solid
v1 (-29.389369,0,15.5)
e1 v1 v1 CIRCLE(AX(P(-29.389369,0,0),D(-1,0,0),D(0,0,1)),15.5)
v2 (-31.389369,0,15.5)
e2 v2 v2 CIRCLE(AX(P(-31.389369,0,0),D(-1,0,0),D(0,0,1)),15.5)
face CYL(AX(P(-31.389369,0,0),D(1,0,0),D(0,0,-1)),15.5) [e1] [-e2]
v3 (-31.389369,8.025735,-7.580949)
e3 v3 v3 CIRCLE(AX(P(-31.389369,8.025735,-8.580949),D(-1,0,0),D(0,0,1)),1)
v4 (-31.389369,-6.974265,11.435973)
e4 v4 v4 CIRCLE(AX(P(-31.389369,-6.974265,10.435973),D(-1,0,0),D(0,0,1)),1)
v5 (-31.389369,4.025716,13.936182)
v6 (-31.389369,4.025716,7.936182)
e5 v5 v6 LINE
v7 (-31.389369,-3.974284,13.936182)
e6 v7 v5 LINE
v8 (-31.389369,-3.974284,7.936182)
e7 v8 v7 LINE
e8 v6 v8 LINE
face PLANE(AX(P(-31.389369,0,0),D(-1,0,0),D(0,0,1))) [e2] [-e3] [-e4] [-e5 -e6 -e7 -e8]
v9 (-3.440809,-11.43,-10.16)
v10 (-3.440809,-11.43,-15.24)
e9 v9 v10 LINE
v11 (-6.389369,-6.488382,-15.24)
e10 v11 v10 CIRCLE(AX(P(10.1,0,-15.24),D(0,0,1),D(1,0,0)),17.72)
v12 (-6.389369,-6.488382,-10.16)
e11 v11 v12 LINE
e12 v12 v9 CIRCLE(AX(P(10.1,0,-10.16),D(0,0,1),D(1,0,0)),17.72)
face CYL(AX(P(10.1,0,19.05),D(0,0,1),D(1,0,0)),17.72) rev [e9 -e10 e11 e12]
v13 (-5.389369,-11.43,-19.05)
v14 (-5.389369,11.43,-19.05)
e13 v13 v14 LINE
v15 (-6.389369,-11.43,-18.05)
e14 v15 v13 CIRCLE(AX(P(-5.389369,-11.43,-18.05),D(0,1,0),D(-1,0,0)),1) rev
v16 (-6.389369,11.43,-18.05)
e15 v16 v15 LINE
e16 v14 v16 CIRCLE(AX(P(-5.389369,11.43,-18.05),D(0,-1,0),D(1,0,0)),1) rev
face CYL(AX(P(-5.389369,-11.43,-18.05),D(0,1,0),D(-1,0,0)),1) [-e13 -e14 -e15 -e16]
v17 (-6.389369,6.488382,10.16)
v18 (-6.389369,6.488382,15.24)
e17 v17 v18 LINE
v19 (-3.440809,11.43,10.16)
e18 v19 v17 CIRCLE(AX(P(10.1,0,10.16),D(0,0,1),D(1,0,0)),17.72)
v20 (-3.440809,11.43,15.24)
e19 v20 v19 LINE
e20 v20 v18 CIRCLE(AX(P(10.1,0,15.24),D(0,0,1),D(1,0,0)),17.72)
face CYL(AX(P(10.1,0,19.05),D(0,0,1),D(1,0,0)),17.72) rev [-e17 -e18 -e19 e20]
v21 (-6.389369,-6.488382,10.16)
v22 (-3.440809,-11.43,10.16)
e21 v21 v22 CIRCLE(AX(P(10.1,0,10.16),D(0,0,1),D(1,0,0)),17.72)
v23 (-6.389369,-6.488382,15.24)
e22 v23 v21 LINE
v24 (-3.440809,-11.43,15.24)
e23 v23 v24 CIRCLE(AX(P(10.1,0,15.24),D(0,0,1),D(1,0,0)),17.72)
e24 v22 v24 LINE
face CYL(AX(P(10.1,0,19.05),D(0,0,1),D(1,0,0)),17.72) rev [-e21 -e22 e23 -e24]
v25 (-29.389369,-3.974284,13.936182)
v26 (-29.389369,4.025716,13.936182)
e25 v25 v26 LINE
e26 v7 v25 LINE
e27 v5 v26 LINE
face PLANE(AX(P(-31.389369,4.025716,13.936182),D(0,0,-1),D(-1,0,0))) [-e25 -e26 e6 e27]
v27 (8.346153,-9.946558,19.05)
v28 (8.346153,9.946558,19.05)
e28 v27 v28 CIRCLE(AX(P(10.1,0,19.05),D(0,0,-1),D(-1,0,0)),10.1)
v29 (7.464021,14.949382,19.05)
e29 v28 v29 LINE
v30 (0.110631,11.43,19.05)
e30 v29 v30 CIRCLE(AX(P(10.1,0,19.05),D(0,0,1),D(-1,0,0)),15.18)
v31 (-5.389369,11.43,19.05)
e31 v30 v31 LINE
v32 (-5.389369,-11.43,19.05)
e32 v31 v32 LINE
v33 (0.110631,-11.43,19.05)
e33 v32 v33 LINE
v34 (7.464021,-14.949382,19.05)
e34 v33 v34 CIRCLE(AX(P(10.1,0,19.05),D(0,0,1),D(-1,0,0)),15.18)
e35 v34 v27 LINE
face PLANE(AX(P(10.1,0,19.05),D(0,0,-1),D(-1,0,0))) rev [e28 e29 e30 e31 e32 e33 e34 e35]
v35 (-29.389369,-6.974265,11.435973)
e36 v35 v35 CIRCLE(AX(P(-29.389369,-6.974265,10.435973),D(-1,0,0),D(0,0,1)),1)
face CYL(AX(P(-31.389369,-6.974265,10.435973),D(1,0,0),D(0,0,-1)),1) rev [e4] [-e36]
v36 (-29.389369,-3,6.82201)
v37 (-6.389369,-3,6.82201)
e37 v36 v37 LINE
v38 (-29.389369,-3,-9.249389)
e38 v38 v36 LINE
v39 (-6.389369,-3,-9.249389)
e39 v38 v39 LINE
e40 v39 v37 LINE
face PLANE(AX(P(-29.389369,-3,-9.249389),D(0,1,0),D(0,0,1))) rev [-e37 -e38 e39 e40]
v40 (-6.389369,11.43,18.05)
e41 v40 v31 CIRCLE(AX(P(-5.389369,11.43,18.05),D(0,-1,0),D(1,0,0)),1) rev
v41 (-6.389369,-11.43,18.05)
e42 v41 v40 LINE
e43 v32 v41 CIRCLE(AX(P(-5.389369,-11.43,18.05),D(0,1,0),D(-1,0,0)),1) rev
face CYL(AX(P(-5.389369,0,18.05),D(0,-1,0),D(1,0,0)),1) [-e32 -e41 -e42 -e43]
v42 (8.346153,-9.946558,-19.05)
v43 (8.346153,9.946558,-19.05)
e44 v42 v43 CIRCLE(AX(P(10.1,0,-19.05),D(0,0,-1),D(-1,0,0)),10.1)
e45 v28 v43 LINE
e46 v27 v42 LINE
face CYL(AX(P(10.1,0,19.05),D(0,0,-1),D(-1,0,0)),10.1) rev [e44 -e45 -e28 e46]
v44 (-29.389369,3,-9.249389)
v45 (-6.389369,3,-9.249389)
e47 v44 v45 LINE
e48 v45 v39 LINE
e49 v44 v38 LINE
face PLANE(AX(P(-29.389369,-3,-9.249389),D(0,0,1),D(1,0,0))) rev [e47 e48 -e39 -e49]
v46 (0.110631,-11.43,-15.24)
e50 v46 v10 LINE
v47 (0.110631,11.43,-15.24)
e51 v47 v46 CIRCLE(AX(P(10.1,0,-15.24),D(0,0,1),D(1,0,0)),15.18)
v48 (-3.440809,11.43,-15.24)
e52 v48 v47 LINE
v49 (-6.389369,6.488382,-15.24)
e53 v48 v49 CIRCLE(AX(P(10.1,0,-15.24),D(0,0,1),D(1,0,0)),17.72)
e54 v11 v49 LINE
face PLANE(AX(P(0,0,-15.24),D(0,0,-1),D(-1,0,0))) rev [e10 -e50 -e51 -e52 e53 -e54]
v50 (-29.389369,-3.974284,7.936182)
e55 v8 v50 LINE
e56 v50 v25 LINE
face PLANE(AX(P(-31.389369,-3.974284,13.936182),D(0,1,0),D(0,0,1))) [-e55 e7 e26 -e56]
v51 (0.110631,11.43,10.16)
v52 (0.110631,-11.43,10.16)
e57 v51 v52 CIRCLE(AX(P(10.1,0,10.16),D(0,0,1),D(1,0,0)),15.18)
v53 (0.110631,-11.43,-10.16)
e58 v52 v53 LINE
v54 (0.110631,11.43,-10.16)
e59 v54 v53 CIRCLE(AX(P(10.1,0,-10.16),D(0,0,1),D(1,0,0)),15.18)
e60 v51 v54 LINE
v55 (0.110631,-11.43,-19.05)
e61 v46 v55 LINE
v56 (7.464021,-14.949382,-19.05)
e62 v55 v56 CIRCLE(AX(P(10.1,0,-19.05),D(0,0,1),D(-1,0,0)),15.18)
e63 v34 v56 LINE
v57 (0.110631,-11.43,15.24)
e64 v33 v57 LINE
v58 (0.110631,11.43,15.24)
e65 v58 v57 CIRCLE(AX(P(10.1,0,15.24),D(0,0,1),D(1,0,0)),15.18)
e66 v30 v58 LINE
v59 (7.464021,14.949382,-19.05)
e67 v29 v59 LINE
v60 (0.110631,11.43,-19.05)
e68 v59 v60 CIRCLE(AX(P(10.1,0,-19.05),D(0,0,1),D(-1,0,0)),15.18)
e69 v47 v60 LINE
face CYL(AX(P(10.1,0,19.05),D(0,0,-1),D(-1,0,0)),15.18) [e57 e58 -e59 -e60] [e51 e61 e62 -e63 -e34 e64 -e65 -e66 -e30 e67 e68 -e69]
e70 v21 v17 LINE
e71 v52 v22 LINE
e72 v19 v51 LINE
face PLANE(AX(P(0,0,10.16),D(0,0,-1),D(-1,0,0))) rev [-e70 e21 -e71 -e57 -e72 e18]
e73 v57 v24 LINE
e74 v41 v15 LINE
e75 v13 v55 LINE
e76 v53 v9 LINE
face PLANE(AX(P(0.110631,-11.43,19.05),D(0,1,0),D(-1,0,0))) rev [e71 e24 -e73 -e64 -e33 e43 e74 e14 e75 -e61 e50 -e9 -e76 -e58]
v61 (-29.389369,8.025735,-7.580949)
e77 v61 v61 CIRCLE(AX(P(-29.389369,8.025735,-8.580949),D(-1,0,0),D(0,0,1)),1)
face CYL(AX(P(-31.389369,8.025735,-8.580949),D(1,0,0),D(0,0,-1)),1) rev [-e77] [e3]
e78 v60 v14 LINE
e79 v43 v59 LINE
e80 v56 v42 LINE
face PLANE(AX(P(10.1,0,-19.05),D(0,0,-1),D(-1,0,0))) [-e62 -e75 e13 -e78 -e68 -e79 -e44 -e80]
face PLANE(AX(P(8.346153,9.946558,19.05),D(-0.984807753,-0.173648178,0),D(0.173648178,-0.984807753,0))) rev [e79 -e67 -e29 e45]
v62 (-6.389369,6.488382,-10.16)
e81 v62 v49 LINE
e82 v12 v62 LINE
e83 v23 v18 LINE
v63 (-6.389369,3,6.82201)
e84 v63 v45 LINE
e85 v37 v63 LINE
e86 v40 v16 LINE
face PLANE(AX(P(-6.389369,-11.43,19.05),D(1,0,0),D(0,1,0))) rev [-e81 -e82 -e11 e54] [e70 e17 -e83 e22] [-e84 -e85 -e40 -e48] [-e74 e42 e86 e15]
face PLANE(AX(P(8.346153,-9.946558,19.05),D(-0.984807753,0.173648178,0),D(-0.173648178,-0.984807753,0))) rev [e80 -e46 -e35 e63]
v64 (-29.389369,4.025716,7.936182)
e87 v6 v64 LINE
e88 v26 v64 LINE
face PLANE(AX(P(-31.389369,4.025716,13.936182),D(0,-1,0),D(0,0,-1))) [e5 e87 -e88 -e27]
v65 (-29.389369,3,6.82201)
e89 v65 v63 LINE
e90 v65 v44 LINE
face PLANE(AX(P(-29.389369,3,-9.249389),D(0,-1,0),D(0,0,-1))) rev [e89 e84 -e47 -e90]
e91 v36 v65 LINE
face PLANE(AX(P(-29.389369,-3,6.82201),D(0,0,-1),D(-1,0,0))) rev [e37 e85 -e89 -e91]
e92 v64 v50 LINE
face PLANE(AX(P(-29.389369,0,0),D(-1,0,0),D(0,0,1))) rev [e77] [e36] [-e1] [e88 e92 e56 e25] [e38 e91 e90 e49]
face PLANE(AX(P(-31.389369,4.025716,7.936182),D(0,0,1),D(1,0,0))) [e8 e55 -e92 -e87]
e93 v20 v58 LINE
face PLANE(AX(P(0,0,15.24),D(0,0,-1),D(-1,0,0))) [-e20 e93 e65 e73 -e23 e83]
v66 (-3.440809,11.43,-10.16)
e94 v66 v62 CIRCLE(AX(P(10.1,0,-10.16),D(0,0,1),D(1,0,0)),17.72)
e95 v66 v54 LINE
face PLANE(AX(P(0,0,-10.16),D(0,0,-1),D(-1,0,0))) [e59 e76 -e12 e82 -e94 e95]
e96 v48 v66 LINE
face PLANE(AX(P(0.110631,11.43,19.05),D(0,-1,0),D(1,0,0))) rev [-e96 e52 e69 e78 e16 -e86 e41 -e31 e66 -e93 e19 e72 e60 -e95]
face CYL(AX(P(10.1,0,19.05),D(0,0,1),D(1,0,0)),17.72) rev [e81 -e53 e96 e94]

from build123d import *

# Parameters (mm, degrees)
BOSS_EXTRUDE1_DEPTH = 19.05
SKETCH6_W           = 16.071399664
SKETCH6_H           = 6
BOSS_EXTRUDE3_DEPTH = 23
SKETCH3_W           = 2.54
SKETCH3_H           = 5.08
SKETCH4_R           = 15.5
SKETCH4_R_2         = 1
SKETCH4_W           = 8
SKETCH4_H           = 6
BOSS_EXTRUDE2_DEPTH = 2
FILLET1_R           = 1


with BuildPart() as part:
    # Sketch1 → Boss-Extrude1 (new body, symmetric)
    with BuildSketch(Plane.XY):
        with BuildLine():
            Line((8.346153406, -9.946558305), (7.464020663, -14.949381691))
            ThreePointArc((7.464020663, -14.949381691), (3.546652059, -13.692553844), (0.110630651, -11.43))
            Line((0.110630651, -11.43), (-6.389369349, -11.43))
            Line((-6.389369349, -11.43), (-6.389369349, 11.43))
            Line((-6.389369349, 11.43), (0.110630651, 11.43))
            ThreePointArc((0.110630651, 11.43), (3.546652059, 13.692553844), (7.464020663, 14.949381691))
            Line((7.464020663, 14.949381691), (8.346153406, 9.946558305))
            ThreePointArc((8.346153406, 9.946558305), (0, 0), (8.346153406, -9.946558305))
        make_face()
    extrude(amount=BOSS_EXTRUDE1_DEPTH, both=True)

    # Sketch6 → Boss-Extrude3 (add)
    with BuildSketch(Plane.ZY.offset(6.389369349)):
        with Locations((-1.213689559, 0)):
            Rectangle(SKETCH6_W, SKETCH6_H)
    extrude(amount=BOSS_EXTRUDE3_DEPTH)

    # Sketch3 → Cut-Revolve1 (revolve, cut)
    with BuildSketch(Plane(origin=(0, 0, 0), x_dir=(1, 0, 0), z_dir=(0, 1, 0))):
        with Locations((-6.35, 12.7)):
            Rectangle(SKETCH3_W, SKETCH3_H)
        with Locations((-6.35, -12.7)):
            Rectangle(SKETCH3_W, SKETCH3_H)
    revolve(axis=Axis((10.1, 0, 19.05), (0, 0, -1)), mode=Mode.SUBTRACT)

    # Sketch4 → Boss-Extrude2 (add)
    with BuildSketch(Plane(origin=(-29.389369349, 0, 0), x_dir=(0, -1, 0), z_dir=(-1, 0, 0))):
        Circle(SKETCH4_R)
        with Locations((6.97426488, 10.435972737)):
            Circle(SKETCH4_R_2, mode=Mode.SUBTRACT)
        with Locations((-8.02573512, -8.580948715)):
            Circle(SKETCH4_R_2, mode=Mode.SUBTRACT)
        with Locations((-0.025715642, 10.93618237)):
            Rectangle(SKETCH4_W, SKETCH4_H, mode=Mode.SUBTRACT)
    extrude(amount=BOSS_EXTRUDE2_DEPTH)

    # Fillet1
    fillet1_edges = [part.edges().sort_by_distance(p)[0] for p in [
        (-6.389369349, 0, 19.05),
        (-6.389369349, 0, -19.05),
    ]]
    fillet(fillet1_edges, radius=FILLET1_R)


solid = part.part
